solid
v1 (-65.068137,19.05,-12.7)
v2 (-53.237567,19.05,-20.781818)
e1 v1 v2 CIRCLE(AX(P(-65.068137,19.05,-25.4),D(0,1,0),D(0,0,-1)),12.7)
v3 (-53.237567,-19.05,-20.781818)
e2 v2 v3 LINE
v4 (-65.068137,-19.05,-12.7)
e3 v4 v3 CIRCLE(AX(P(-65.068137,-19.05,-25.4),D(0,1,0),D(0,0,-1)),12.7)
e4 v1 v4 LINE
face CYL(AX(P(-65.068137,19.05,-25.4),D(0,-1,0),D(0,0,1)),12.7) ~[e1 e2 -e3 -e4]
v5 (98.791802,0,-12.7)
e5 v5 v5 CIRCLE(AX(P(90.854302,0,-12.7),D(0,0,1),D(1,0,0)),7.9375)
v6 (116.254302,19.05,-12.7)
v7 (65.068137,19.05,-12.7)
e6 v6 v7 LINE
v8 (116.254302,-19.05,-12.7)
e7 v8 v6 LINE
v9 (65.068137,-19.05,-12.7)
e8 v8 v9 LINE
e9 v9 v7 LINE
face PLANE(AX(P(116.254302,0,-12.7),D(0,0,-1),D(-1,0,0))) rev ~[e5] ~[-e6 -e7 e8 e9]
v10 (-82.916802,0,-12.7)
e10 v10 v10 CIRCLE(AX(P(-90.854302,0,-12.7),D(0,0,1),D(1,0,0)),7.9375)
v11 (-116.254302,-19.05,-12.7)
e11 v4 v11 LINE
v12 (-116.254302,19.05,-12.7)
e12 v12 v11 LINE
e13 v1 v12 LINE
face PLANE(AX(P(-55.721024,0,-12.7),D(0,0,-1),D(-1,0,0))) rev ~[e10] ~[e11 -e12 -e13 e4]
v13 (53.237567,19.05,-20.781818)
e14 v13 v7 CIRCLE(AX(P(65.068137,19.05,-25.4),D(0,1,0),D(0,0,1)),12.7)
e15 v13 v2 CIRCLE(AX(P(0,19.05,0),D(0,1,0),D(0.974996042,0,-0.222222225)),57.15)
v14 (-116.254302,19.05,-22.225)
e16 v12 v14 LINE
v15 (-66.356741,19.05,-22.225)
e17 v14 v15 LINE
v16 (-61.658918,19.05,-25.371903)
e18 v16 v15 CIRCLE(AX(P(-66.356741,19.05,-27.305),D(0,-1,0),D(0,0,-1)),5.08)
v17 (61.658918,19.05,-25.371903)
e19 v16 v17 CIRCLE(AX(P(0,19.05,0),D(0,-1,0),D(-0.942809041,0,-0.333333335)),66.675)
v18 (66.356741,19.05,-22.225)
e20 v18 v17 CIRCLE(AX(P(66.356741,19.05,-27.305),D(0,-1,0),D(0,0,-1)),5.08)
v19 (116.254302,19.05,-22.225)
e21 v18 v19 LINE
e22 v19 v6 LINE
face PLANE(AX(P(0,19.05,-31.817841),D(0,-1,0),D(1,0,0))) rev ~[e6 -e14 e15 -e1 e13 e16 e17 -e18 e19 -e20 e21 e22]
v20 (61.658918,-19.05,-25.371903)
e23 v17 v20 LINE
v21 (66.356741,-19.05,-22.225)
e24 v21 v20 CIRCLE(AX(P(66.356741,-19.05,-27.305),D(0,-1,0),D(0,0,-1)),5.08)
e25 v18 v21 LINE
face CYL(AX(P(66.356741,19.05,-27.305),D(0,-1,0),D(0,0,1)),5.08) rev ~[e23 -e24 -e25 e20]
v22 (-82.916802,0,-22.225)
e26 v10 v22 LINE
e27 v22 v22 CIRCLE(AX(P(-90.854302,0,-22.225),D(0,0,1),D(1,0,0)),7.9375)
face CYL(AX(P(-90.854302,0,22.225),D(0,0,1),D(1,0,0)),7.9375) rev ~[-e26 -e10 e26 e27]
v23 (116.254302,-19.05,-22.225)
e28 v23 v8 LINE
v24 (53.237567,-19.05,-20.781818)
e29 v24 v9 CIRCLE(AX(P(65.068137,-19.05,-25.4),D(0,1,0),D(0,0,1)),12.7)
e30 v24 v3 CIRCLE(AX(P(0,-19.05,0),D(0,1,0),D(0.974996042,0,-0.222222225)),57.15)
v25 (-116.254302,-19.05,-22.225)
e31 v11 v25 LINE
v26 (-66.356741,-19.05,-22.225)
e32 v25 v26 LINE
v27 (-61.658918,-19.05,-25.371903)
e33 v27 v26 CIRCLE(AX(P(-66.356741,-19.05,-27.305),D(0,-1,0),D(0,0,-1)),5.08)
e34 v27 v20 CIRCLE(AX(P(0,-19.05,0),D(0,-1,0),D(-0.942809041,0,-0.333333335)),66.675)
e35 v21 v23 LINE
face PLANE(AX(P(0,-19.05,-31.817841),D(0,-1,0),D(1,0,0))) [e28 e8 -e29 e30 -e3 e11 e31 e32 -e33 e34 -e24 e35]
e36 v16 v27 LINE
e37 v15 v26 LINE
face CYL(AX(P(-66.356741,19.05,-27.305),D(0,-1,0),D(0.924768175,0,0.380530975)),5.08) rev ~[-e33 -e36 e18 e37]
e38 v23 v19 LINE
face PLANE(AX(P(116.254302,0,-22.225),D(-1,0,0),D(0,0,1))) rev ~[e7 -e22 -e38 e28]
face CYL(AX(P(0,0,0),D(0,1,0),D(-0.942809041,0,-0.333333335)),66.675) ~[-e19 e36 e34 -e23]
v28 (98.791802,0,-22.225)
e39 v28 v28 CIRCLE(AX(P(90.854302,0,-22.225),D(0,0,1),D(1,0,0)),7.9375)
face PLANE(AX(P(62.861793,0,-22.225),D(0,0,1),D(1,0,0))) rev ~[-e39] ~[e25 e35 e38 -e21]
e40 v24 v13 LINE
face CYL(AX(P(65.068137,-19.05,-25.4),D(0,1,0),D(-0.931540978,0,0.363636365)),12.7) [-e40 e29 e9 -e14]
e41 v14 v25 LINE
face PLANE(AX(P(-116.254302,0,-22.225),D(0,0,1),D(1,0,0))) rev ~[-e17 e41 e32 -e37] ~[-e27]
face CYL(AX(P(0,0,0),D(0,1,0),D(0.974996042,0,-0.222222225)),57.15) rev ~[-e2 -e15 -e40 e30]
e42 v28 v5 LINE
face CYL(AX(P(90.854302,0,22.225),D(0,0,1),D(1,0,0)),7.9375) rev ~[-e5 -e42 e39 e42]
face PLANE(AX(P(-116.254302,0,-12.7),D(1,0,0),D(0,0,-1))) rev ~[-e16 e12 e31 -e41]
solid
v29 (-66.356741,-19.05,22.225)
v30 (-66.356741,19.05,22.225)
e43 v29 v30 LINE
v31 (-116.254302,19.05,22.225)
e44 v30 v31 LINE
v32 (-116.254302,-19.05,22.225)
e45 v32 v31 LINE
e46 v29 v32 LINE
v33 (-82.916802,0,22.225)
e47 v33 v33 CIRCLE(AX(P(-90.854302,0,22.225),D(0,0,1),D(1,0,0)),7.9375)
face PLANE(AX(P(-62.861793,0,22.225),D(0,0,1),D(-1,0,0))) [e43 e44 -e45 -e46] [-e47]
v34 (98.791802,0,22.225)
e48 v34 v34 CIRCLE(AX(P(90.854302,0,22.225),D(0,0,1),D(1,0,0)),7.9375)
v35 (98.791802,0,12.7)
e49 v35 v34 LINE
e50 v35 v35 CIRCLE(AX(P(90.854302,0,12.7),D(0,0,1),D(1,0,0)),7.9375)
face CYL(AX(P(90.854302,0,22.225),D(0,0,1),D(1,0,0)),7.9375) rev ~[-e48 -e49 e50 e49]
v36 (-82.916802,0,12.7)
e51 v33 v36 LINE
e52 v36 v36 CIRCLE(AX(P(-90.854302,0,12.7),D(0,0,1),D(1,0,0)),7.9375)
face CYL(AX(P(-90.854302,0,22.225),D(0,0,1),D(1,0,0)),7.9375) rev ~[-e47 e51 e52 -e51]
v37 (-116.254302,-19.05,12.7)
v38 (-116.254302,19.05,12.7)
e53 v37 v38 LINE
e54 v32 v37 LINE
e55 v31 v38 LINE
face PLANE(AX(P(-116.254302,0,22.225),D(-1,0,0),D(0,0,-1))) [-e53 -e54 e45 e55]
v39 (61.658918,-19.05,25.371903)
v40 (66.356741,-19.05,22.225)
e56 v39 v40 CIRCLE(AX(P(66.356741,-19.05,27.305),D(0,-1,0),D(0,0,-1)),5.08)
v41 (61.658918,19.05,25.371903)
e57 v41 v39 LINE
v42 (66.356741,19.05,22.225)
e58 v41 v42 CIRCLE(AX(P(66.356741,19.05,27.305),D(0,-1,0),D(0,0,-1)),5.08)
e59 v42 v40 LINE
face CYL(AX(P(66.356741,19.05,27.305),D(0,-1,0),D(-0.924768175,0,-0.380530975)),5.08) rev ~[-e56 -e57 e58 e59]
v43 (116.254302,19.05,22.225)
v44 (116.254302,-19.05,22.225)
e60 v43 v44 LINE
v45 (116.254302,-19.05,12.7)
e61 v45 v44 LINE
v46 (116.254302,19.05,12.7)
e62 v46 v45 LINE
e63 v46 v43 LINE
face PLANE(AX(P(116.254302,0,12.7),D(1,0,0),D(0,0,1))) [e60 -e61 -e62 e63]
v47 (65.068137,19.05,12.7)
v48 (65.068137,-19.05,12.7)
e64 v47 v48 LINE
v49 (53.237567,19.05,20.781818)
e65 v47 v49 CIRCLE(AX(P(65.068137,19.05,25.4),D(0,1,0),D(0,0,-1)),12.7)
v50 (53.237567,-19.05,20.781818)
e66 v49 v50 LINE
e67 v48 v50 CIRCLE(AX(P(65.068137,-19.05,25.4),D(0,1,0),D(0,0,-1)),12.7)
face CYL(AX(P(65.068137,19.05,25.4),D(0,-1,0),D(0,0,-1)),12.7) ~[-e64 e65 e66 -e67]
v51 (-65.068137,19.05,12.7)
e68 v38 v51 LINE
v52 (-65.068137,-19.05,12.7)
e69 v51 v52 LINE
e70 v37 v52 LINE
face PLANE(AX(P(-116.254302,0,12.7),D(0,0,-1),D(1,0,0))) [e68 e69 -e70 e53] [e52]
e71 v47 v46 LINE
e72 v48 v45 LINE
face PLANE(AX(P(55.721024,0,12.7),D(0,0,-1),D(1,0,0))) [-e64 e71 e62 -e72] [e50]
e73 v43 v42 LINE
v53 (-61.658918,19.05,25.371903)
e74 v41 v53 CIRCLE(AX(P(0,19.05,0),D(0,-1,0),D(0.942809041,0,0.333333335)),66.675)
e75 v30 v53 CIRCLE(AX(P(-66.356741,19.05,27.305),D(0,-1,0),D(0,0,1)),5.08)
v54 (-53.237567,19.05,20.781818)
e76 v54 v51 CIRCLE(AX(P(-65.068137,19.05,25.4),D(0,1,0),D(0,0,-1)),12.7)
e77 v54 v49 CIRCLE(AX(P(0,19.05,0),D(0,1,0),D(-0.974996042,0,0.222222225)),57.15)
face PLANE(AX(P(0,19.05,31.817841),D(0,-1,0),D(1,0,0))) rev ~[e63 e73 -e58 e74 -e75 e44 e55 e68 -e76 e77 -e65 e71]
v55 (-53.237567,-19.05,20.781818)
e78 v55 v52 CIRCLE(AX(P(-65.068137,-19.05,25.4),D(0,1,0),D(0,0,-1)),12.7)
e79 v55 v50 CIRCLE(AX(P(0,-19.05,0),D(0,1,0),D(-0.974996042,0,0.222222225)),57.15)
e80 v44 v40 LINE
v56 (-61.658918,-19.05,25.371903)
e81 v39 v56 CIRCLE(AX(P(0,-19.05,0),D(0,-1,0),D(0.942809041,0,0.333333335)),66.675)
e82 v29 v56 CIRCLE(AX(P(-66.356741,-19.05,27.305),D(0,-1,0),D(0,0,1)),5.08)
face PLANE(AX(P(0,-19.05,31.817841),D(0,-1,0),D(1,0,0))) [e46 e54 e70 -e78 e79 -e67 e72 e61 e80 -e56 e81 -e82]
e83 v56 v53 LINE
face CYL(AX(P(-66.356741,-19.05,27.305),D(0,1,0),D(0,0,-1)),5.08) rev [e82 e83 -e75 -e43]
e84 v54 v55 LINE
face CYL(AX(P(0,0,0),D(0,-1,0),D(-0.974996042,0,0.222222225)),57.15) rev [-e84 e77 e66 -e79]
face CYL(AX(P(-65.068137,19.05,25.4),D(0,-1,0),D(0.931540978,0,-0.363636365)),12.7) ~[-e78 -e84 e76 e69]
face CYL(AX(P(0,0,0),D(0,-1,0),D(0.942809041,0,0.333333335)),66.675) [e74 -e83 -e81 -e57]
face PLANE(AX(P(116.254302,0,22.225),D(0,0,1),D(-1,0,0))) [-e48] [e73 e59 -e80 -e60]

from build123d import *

# Parameters (mm, degrees)
F1_DEPTH = 19.05
F2_R     = 5.08
F3_R     = 12.7
F4_R     = 7.9375
F5_DEPTH = 50.8
F6_R     = 7.9375
F7_DEPTH = 25.4


with BuildPart() as f1:
    # F0 (on Front) → F1 (new body, symmetric)
    with BuildSketch(Plane.XZ):
        with BuildLine():
            ThreePointArc((55.721024, -12.7), (0, -57.15), (-55.721024, -12.7))
            Line((-55.721024, -12.7), (-65.454302, -12.7))
            Line((-65.454302, -12.7), (-116.254302, -12.7))
            Line((-116.254302, -12.7), (-116.254302, -22.225))
            Line((-116.254302, -22.225), (-62.861793, -22.225))
            ThreePointArc((-62.861793, -22.225), (0, -66.675), (62.861793, -22.225))
            Line((62.861793, -22.225), (116.254302, -22.225))
            Line((116.254302, -22.225), (116.254302, -12.7))
            Line((116.254302, -12.7), (65.454302, -12.7))
            Line((65.454302, -12.7), (55.721024, -12.7))
        make_face()
        with BuildLine():
            Line((-116.254302, 12.7), (-65.454302, 12.7))
            Line((-65.454302, 12.7), (-55.721024, 12.7))
            ThreePointArc((-55.721024, 12.7), (0, 57.15), (55.721024, 12.7))
            Line((55.721024, 12.7), (65.454302, 12.7))
            Line((65.454302, 12.7), (116.254302, 12.7))
            Line((116.254302, 12.7), (116.254302, 22.225))
            Line((116.254302, 22.225), (62.861793, 22.225))
            ThreePointArc((62.861793, 22.225), (0, 66.675), (-62.861793, 22.225))
            Line((-62.861793, 22.225), (-116.254302, 22.225))
            Line((-116.254302, 22.225), (-116.254302, 12.7))
        make_face()
    extrude(amount=F1_DEPTH, both=True)

    # F2
    f2_edges = [f1.edges().sort_by_distance(p)[0] for p in [
        (-62.861793, 0, 22.225),
        (62.861793, 0, 22.225),
        (62.861793, 0, -22.225),
        (-62.861793, 0, -22.225),
    ]]
    fillet(f2_edges, radius=F2_R)

    # F3
    f3_edges = [f1.edges().sort_by_distance(p)[0] for p in [
        (-55.721024, 0, 12.7),
        (55.721024, 0, 12.7),
        (55.721024, 0, -12.7),
        (-55.721024, 0, -12.7),
    ]]
    fillet(f3_edges, radius=F3_R)

    # F4 (on face) → F5 (cut, symmetric)
    with BuildSketch(Plane.XY.offset(22.225)):
        with Locations((-90.854302, 0)):
            Circle(F4_R)
        with Locations((90.854302, 0)):
            Circle(F4_R)
    extrude(amount=F5_DEPTH, both=True, mode=Mode.SUBTRACT)

    # F6 (on face) → F7 (cut)
    with BuildSketch(Plane(origin=(0, 0, -22.225), x_dir=(1, 0, 0), z_dir=(0, 0, -1))):
        with Locations((90.854302, 0)):
            Circle(F6_R)
        with Locations((-90.854302, 0)):
            Circle(F6_R)
    extrude(amount=-F7_DEPTH, mode=Mode.SUBTRACT)


solid = f1.part
